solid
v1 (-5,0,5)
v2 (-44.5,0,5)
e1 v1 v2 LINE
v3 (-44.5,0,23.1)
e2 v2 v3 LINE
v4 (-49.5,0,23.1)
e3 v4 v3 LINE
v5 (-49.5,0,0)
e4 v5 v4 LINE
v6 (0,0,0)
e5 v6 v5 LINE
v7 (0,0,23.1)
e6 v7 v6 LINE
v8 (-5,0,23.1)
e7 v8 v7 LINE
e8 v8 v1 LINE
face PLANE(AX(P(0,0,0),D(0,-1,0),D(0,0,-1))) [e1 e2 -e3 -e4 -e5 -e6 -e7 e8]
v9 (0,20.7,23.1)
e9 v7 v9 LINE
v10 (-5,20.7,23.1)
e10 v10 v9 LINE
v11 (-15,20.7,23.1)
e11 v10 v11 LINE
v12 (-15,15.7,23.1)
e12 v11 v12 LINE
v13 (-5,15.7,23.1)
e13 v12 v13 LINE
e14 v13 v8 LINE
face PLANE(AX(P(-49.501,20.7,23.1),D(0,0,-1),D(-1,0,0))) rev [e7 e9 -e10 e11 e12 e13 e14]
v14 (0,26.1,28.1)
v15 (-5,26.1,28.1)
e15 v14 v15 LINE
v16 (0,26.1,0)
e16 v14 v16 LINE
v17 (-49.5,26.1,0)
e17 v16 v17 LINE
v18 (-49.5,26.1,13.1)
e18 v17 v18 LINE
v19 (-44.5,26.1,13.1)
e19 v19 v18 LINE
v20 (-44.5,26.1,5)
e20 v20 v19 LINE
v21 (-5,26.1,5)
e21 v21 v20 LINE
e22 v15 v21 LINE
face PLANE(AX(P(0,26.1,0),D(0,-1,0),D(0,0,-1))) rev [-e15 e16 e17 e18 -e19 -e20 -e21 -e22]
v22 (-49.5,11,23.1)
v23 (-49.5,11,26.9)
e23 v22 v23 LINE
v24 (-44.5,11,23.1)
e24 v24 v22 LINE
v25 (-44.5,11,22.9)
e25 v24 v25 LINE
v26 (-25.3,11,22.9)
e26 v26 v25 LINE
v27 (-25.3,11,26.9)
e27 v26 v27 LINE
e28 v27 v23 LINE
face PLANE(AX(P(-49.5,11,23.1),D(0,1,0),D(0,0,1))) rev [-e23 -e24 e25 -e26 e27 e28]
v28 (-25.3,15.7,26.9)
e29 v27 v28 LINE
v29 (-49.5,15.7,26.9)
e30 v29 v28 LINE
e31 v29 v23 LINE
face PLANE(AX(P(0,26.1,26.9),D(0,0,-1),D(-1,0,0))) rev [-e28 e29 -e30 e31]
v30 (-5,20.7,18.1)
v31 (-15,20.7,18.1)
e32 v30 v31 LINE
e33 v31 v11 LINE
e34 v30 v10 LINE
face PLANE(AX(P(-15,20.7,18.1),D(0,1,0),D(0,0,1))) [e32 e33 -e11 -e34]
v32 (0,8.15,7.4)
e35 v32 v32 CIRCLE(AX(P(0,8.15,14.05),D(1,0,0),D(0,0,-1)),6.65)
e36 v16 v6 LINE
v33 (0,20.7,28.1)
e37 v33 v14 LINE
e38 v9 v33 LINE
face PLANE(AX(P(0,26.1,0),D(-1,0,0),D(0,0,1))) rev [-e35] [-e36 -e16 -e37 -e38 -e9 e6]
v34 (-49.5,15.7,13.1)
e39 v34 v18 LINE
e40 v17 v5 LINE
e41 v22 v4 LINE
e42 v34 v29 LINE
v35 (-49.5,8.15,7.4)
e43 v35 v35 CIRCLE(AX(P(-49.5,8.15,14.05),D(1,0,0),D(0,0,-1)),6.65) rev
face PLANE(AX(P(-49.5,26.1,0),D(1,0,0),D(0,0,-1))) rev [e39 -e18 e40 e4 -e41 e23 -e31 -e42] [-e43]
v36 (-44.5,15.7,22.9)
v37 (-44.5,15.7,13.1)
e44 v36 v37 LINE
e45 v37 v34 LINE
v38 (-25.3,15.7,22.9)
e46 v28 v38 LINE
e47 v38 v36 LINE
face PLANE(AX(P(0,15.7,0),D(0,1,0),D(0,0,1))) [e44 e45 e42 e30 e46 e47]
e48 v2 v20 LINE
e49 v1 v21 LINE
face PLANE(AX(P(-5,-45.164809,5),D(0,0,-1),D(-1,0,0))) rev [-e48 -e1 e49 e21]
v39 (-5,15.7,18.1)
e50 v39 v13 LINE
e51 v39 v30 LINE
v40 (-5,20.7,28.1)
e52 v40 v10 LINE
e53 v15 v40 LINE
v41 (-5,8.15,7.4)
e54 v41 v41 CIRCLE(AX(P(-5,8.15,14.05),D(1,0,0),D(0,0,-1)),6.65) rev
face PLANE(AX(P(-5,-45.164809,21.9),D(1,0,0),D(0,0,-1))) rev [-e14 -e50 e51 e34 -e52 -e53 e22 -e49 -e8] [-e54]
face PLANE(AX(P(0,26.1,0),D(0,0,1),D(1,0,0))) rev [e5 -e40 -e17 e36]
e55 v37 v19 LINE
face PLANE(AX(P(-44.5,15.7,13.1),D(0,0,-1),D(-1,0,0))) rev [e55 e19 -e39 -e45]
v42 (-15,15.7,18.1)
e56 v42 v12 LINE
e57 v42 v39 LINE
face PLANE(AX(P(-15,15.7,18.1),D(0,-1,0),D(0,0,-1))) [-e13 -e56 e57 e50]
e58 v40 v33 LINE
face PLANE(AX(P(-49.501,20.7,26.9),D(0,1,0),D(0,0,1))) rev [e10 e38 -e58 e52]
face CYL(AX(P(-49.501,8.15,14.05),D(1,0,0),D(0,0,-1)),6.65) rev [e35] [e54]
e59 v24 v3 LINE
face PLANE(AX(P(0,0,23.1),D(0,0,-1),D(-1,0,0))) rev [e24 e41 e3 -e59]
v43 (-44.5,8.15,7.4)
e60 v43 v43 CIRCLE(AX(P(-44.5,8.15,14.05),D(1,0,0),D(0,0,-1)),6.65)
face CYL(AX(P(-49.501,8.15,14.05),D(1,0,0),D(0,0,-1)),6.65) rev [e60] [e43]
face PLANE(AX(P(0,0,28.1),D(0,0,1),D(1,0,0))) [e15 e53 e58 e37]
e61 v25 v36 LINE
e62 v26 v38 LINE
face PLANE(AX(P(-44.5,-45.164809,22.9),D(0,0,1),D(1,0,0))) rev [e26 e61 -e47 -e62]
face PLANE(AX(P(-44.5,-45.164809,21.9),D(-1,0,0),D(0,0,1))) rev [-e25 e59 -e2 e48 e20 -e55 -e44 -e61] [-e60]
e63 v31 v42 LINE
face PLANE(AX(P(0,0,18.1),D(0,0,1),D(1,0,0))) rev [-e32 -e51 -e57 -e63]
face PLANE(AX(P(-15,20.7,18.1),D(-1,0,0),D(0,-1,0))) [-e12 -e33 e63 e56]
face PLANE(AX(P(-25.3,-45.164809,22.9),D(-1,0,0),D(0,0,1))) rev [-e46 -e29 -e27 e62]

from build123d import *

# Parameters (mm, degrees)
CROQUIS2_W              = 49.5
CROQUIS2_H              = 26.9
SALIENTE_EXTRUIR1_DEPTH = 26.1
CORTAR_EXTRUIR2_DEPTH   = 26.1
CORTAR_EXTRUIR4_REACH   = 60.181
CROQUIS9_R              = 6.65
CORTAR_EXTRUIR5_REACH   = 64.089
CROQUIS8_R              = 6.65
CORTAR_EXTRUIR6_DEPTH   = 10.4
CROQUIS10_W             = 24.2
CROQUIS10_H             = 11
CORTAR_EXTRUIR7_DEPTH   = 3.8
CROQUIS13_W             = 19.2
CROQUIS13_H             = 11
CORTAR_EXTRUIR8_DEPTH   = 0.2
CORTAR_EXTRUIR9_REACH   = 64.089
CROQUIS14_W             = 3.8
CROQUIS14_H             = 20.7
CROQUIS15_W             = 10
CROQUIS15_H             = 5
SALIENTE_EXTRUIR2_DEPTH = 5
CROQUIS16_W             = 5
CROQUIS16_H             = 5.4
SALIENTE_EXTRUIR3_DEPTH = 1.2


with BuildPart() as part:
    # Croquis2 → Saliente-Extruir1 (new body)
    with BuildSketch(Plane(origin=(0, 0, 0), x_dir=(1, 0, 0), z_dir=(0, 1, 0))):
        with Locations((-24.75, -13.45)):
            Rectangle(CROQUIS2_W, CROQUIS2_H)
    extrude(amount=SALIENTE_EXTRUIR1_DEPTH)

    # Croquis6 → Cortar-Extruir2 (cut)
    with BuildSketch(Plane(origin=(0, 26.1, 0), x_dir=(1, 0, 0), z_dir=(0, 1, 0))):
        Polygon((-44.5, -21.9), (-44.5, -22.9), (-25.3, -22.9), (-25.3, -26.9), (-5, -26.9), (-5, -21.9), (-5, -5), (-44.5, -5), align=None)
    extrude(amount=-CORTAR_EXTRUIR2_DEPTH, mode=Mode.SUBTRACT)

    # Croquis9 → Cortar-Extruir4 (cut, up to next)
    with BuildSketch(Plane(origin=(-44.5, 0, 0), x_dir=(0, 0, -1), z_dir=(1, 0, 0)), mode=Mode.PRIVATE) as cortar_extruir4_sk1:
        with Locations((-14.05, 8.15)):
            Circle(CROQUIS9_R)
    cortar_extruir4_tool1 = extrude(cortar_extruir4_sk1.sketch, amount=-CORTAR_EXTRUIR4_REACH, mode=Mode.PRIVATE) & part.part
    add(cortar_extruir4_tool1.solids().sort_by_distance((-44.5, 8.15, 14.05))[0], mode=Mode.SUBTRACT)

    # Croquis8 → Cortar-Extruir5 (cut, up to next)
    with BuildSketch(Plane(origin=(0, 0, 0), x_dir=(0, 0, -1), z_dir=(1, 0, 0)), mode=Mode.PRIVATE) as cortar_extruir5_sk1:
        with Locations((-14.05, 8.15)):
            Circle(CROQUIS8_R)
    cortar_extruir5_tool1 = extrude(cortar_extruir5_sk1.sketch, amount=-CORTAR_EXTRUIR5_REACH, mode=Mode.PRIVATE) & part.part
    add(cortar_extruir5_tool1.solids().sort_by_distance((0, 8.15, 14.05))[0], mode=Mode.SUBTRACT)

    # Croquis11 → Cortar-Extruir6 (cut)
    with BuildSketch(Plane(origin=(0, 26.1, 0), x_dir=(1, 0, 0), z_dir=(0, 1, 0))):
        Polygon((-44.5, -13.1), (-49.5, -13.1), (-49.5, -26.9), (-25.3, -26.9), (-25.3, -22.9), (-44.5, -22.9), align=None)
    extrude(amount=-CORTAR_EXTRUIR6_DEPTH, mode=Mode.SUBTRACT)

    # Croquis10 → Cortar-Extruir7 (cut)
    with BuildSketch(Plane.XY.offset(26.9)):
        with Locations((-37.4, 5.5)):
            Rectangle(CROQUIS10_W, CROQUIS10_H)
    extrude(amount=-CORTAR_EXTRUIR7_DEPTH, mode=Mode.SUBTRACT)

    # Croquis13 → Cortar-Extruir8 (cut)
    with BuildSketch(Plane(origin=(0, 0, 22.9), x_dir=(-1, 0, 0), z_dir=(0, 0, -1))):
        with Locations((34.9, 5.5)):
            Rectangle(CROQUIS13_W, CROQUIS13_H)
    extrude(amount=-CORTAR_EXTRUIR8_DEPTH, mode=Mode.SUBTRACT)

    # Croquis14 → Cortar-Extruir9 (cut, up to next)
    with BuildSketch(Plane(origin=(0, 0, 0), x_dir=(0, 0, -1), z_dir=(1, 0, 0)), mode=Mode.PRIVATE) as cortar_extruir9_sk1:
        with Locations((-25, 10.35)):
            Rectangle(CROQUIS14_W, CROQUIS14_H)
    cortar_extruir9_tool1 = extrude(cortar_extruir9_sk1.sketch, amount=-CORTAR_EXTRUIR9_REACH, mode=Mode.PRIVATE) & part.part
    add(cortar_extruir9_tool1.solids().sort_by_distance((0, 10.35, 25))[0], mode=Mode.SUBTRACT)

    # Croquis15 → Saliente-Extruir2 (add)
    with BuildSketch(Plane.XY.offset(23.1)):
        with Locations((-10, 18.2)):
            Rectangle(CROQUIS15_W, CROQUIS15_H)
    extrude(amount=-SALIENTE_EXTRUIR2_DEPTH)

    # Croquis16 → Saliente-Extruir3 (add)
    with BuildSketch(Plane.XY.offset(26.9)):
        with Locations((-2.5, 23.4)):
            Rectangle(CROQUIS16_W, CROQUIS16_H)
    extrude(amount=SALIENTE_EXTRUIR3_DEPTH)


solid = part.part
